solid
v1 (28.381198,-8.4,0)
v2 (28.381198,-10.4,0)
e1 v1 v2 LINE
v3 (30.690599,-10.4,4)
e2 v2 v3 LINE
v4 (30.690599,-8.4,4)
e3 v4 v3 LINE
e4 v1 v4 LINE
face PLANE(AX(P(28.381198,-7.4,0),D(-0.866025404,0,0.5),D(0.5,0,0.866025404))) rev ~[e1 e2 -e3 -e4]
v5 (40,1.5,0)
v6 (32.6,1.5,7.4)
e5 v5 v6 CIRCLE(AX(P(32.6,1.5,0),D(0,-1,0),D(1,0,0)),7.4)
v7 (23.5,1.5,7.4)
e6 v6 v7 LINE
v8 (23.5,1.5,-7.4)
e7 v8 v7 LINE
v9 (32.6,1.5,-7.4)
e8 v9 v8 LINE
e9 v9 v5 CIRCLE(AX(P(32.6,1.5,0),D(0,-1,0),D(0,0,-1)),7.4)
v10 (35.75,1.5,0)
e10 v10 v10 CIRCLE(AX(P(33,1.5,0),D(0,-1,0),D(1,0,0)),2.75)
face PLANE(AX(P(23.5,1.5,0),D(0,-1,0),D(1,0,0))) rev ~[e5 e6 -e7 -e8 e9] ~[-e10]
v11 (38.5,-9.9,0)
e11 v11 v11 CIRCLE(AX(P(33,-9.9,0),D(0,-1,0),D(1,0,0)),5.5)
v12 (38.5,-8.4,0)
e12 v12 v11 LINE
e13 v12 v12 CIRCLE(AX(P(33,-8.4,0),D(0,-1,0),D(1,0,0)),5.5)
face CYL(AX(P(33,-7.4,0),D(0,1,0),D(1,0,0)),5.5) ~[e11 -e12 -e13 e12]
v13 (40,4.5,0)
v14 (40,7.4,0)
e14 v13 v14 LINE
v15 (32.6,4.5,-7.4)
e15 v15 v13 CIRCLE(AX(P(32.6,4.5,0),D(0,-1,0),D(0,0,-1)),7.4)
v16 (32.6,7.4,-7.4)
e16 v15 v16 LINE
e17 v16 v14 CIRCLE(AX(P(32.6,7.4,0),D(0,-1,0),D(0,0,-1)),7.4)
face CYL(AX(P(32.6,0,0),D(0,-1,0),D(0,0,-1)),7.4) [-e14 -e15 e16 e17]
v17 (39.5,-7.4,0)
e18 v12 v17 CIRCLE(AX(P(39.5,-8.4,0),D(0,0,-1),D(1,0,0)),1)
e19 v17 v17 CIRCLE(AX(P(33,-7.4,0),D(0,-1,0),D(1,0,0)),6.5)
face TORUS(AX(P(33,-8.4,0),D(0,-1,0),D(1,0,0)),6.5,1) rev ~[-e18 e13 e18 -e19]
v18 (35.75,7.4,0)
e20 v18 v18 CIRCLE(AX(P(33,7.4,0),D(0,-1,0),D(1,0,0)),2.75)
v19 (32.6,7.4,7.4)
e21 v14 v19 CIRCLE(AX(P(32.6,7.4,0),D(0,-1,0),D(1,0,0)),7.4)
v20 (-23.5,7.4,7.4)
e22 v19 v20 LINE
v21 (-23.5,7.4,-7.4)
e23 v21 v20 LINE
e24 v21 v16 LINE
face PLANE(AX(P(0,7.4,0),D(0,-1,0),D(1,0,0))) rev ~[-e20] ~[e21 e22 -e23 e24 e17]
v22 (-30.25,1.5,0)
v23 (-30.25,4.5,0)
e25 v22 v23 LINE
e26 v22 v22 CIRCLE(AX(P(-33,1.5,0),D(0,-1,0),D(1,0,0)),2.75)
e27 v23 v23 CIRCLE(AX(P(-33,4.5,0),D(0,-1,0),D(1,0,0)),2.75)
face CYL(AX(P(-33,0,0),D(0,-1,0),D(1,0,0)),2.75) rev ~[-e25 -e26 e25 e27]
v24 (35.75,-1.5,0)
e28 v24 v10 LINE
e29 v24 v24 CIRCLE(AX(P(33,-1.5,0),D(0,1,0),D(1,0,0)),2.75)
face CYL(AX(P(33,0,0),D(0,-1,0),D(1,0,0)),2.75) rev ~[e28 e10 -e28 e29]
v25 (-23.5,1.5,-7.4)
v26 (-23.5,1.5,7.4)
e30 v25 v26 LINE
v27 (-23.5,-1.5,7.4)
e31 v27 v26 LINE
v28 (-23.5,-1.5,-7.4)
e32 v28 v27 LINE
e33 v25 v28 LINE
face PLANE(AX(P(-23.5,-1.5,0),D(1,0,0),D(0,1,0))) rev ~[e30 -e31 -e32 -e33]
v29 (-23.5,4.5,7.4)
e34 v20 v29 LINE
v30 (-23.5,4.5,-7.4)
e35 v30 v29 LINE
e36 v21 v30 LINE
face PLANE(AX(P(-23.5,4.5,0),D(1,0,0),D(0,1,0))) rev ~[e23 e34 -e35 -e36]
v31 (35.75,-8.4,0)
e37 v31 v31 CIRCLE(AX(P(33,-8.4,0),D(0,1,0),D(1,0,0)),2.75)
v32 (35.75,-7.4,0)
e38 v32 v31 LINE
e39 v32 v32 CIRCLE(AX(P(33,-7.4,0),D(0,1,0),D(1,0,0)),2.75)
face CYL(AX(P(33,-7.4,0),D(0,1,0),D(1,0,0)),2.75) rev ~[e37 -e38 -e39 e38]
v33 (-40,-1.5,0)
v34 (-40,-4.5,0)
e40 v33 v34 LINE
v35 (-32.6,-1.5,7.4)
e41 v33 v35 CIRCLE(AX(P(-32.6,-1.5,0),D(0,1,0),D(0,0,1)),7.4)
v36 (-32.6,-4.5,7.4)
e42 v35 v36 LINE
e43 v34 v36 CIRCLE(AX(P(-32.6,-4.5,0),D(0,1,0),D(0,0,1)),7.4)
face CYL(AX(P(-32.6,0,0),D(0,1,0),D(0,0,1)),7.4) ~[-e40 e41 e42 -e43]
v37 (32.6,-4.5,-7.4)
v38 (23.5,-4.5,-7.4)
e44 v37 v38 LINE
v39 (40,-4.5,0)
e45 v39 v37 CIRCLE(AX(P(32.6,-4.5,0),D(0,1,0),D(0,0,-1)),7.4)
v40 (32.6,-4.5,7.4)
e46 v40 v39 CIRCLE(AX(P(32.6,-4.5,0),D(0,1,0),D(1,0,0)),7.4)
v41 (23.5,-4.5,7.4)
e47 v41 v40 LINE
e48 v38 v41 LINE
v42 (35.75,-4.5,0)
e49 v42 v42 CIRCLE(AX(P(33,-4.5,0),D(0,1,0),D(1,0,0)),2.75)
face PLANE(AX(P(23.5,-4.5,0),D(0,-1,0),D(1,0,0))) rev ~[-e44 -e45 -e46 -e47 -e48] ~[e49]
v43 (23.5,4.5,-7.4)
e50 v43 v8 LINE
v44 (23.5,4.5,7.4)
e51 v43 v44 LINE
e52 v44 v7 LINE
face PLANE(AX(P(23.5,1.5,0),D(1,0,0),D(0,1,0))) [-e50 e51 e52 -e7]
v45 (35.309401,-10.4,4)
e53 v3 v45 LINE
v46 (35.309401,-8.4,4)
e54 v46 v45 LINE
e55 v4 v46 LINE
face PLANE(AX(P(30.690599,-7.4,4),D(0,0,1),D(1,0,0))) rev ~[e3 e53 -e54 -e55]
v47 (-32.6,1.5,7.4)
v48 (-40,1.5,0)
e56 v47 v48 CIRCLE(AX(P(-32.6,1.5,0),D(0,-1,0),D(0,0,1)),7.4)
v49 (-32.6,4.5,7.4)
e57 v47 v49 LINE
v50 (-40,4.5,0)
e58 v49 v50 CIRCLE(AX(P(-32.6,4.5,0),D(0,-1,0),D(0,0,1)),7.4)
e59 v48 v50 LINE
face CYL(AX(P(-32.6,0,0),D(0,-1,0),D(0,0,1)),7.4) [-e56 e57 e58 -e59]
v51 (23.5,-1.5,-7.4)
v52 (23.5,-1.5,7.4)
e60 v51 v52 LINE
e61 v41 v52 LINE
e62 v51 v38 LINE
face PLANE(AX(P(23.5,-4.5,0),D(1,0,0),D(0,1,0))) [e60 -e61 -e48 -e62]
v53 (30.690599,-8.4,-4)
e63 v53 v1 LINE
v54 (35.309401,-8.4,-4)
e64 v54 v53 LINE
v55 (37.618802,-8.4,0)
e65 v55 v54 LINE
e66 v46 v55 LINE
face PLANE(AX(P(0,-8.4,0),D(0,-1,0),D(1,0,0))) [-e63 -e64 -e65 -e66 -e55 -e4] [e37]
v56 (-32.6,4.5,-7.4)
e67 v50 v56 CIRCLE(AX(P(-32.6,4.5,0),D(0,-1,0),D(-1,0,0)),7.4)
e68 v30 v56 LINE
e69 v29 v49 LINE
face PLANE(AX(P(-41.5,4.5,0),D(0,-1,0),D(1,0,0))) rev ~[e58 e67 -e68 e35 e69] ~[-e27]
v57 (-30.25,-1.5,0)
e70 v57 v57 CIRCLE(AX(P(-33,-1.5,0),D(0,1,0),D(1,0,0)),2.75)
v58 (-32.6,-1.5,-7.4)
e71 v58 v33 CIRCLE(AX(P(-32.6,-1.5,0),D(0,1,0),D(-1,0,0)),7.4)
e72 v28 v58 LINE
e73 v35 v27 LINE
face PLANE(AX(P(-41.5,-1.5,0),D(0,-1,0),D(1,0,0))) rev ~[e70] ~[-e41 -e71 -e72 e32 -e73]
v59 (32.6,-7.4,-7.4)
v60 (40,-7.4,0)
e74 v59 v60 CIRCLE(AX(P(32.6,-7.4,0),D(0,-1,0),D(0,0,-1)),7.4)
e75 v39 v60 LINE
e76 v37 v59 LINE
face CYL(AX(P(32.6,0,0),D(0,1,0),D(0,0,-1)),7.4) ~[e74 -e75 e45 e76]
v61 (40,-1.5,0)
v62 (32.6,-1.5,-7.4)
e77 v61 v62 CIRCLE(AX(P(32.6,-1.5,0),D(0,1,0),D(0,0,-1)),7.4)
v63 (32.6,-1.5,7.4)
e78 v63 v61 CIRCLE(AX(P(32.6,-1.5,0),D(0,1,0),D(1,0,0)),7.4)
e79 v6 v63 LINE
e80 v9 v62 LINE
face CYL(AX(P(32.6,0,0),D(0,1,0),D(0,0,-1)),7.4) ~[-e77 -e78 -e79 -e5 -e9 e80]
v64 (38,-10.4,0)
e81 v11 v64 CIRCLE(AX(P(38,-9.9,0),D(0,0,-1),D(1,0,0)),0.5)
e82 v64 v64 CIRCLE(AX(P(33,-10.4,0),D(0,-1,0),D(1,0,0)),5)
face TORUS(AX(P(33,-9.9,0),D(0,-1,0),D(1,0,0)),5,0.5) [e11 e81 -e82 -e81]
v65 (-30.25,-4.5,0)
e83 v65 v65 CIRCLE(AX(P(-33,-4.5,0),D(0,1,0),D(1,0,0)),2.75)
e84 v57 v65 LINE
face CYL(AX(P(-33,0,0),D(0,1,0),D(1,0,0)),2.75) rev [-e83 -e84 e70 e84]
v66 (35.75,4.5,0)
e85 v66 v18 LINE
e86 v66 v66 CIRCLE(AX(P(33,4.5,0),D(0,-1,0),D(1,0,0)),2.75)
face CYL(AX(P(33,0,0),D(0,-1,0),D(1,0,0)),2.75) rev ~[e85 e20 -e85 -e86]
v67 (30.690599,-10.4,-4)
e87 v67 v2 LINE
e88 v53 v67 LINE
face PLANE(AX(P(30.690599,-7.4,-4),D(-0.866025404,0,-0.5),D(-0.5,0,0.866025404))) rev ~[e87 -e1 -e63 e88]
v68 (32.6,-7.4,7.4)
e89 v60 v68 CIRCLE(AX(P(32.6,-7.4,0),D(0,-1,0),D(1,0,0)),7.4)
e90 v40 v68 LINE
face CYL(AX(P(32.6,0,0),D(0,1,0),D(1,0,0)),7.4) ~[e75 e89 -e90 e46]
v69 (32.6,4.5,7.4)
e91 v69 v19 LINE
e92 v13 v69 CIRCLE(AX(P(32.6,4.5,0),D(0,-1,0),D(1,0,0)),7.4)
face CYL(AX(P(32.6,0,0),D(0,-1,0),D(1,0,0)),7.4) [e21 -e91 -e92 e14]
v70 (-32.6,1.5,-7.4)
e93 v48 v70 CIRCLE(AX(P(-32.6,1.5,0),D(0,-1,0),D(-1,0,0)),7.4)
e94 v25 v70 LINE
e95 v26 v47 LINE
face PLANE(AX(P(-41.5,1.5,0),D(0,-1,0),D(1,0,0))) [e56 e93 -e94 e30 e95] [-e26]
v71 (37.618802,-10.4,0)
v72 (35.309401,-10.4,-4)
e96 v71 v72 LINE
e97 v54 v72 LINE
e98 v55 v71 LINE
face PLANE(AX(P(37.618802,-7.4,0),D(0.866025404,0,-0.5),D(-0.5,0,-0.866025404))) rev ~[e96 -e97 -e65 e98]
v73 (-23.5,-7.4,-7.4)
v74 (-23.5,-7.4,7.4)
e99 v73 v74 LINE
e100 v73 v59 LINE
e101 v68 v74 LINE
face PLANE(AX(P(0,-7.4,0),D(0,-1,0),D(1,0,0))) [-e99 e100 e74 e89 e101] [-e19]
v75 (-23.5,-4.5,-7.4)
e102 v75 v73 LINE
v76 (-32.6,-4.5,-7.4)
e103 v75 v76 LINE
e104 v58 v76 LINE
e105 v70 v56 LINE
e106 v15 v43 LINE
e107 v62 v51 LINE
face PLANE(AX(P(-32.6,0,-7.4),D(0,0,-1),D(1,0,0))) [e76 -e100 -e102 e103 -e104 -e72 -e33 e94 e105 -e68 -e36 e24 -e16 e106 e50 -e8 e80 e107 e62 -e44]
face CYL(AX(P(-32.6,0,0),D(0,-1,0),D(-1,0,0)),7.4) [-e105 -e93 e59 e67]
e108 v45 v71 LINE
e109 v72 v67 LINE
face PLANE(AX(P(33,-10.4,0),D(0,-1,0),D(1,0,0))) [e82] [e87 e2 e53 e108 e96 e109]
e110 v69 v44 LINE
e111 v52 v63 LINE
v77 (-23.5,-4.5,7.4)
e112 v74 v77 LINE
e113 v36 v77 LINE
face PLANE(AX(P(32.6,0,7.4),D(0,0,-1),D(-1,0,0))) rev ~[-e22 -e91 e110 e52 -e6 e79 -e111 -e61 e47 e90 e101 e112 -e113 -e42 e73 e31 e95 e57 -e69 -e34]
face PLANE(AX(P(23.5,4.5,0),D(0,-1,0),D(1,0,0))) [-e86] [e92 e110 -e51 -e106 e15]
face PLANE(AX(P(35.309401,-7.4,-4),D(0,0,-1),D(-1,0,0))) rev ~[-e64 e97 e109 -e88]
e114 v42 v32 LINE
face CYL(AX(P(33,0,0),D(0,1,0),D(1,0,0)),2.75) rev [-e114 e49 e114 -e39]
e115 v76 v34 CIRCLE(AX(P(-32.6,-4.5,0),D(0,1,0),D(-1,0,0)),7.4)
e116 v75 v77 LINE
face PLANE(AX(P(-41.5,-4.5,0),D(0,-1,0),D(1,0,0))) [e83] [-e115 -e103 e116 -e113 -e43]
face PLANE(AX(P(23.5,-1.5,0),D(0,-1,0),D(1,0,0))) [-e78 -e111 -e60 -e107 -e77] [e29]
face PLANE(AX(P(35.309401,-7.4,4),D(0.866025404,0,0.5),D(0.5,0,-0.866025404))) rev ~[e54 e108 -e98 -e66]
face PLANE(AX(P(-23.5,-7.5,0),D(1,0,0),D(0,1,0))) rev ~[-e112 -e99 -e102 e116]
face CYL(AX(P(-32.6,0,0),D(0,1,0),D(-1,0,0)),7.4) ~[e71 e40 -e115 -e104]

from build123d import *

# Parameters (mm, degrees)
F1_DEPTH      = 7.4
F1_DEPTH_BACK = 7.4
F3_W          = 18
F3_H          = 3
F4_DEPTH      = 25
F4_DEPTH_BACK = 25
F2_R          = 2.75
F5_DEPTH      = 25
F5_DEPTH_BACK = 25
F6_R          = 5.5
F7_DEPTH      = 3
F8_R          = 0.5
F9_R          = 1
F10_DEPTH     = 1


with BuildPart() as f1:
    # F0 (on Front) → F1 (new body, two sides)
    with BuildSketch(Plane.XZ) as f1_sk:
        with BuildLine():
            Line((-32.6, -7.4), (32.6, -7.4))
            ThreePointArc((32.6, -7.4), (37.8325901808, -5.2325901808), (40, 0))
            ThreePointArc((40, 0), (37.8325901808, 5.2325901808), (32.6, 7.4))
            Line((32.6, 7.4), (-32.6, 7.4))
            ThreePointArc((-32.6, 7.4), (-37.8325901808, 5.2325901808), (-40, 0))
            ThreePointArc((-40, 0), (-37.8325901808, -5.2325901808), (-32.6, -7.4))
        make_face()
    extrude(amount=F1_DEPTH)
    extrude(f1_sk.sketch, amount=-F1_DEPTH_BACK)

    # F3 (on Top) → F4 (cut, two sides)
    with BuildSketch(Plane.XY) as f4_sk:
        with Locations((-32.5, 6)):
            Rectangle(F3_W, F3_H)
        with Locations((-32.5, 0)):
            Rectangle(F3_W, F3_H)
        with Locations((-32.5, -6)):
            Rectangle(F3_W, F3_H)
        with Locations((32.5, 3)):
            Rectangle(F3_W, F3_H)
        with Locations((32.5, -3)):
            Rectangle(F3_W, F3_H)
    extrude(amount=F4_DEPTH, mode=Mode.SUBTRACT)
    extrude(f4_sk.sketch, amount=-F4_DEPTH_BACK, mode=Mode.SUBTRACT)

    # F2 (on Front) → F5 (cut, two sides)
    with BuildSketch(Plane.XZ) as f5_sk:
        with Locations((-33, 0)):
            Circle(F2_R)
        with Locations((33, 0)):
            Circle(F2_R)
    extrude(amount=-F5_DEPTH, mode=Mode.SUBTRACT)
    extrude(f5_sk.sketch, amount=F5_DEPTH_BACK, mode=Mode.SUBTRACT)

    # F6 (on face) → F7 (join)
    with BuildSketch(Plane.XZ.offset(7.4)):
        with Locations((33, 0)):
            Circle(F6_R)
        Polygon((37.6188021535, 0), (35.3094010768, -4), (30.6905989232, -4), (28.3811978465, 0), (30.6905989232, 4), (35.3094010768, 4), align=None, mode=Mode.SUBTRACT)
    extrude(amount=F7_DEPTH)

    # F8
    f8_edges = [f1.edges().sort_by_distance(p)[0] for p in [
        (27.5, -10.4, 0),
    ]]
    fillet(f8_edges, radius=F8_R)

    # F9
    f9_edges = [f1.edges().sort_by_distance(p)[0] for p in [
        (27.5, -7.4, 0),
    ]]
    fillet(f9_edges, radius=F9_R)

    # F10 (add): a face of the model
    f10_faces = [f1.faces().sort_by_distance(p)[0] for p in [
        (36.3582715627, -7.4, -1.9388989907),
    ]]
    extrude(f10_faces, amount=F10_DEPTH)


solid = f1.part
